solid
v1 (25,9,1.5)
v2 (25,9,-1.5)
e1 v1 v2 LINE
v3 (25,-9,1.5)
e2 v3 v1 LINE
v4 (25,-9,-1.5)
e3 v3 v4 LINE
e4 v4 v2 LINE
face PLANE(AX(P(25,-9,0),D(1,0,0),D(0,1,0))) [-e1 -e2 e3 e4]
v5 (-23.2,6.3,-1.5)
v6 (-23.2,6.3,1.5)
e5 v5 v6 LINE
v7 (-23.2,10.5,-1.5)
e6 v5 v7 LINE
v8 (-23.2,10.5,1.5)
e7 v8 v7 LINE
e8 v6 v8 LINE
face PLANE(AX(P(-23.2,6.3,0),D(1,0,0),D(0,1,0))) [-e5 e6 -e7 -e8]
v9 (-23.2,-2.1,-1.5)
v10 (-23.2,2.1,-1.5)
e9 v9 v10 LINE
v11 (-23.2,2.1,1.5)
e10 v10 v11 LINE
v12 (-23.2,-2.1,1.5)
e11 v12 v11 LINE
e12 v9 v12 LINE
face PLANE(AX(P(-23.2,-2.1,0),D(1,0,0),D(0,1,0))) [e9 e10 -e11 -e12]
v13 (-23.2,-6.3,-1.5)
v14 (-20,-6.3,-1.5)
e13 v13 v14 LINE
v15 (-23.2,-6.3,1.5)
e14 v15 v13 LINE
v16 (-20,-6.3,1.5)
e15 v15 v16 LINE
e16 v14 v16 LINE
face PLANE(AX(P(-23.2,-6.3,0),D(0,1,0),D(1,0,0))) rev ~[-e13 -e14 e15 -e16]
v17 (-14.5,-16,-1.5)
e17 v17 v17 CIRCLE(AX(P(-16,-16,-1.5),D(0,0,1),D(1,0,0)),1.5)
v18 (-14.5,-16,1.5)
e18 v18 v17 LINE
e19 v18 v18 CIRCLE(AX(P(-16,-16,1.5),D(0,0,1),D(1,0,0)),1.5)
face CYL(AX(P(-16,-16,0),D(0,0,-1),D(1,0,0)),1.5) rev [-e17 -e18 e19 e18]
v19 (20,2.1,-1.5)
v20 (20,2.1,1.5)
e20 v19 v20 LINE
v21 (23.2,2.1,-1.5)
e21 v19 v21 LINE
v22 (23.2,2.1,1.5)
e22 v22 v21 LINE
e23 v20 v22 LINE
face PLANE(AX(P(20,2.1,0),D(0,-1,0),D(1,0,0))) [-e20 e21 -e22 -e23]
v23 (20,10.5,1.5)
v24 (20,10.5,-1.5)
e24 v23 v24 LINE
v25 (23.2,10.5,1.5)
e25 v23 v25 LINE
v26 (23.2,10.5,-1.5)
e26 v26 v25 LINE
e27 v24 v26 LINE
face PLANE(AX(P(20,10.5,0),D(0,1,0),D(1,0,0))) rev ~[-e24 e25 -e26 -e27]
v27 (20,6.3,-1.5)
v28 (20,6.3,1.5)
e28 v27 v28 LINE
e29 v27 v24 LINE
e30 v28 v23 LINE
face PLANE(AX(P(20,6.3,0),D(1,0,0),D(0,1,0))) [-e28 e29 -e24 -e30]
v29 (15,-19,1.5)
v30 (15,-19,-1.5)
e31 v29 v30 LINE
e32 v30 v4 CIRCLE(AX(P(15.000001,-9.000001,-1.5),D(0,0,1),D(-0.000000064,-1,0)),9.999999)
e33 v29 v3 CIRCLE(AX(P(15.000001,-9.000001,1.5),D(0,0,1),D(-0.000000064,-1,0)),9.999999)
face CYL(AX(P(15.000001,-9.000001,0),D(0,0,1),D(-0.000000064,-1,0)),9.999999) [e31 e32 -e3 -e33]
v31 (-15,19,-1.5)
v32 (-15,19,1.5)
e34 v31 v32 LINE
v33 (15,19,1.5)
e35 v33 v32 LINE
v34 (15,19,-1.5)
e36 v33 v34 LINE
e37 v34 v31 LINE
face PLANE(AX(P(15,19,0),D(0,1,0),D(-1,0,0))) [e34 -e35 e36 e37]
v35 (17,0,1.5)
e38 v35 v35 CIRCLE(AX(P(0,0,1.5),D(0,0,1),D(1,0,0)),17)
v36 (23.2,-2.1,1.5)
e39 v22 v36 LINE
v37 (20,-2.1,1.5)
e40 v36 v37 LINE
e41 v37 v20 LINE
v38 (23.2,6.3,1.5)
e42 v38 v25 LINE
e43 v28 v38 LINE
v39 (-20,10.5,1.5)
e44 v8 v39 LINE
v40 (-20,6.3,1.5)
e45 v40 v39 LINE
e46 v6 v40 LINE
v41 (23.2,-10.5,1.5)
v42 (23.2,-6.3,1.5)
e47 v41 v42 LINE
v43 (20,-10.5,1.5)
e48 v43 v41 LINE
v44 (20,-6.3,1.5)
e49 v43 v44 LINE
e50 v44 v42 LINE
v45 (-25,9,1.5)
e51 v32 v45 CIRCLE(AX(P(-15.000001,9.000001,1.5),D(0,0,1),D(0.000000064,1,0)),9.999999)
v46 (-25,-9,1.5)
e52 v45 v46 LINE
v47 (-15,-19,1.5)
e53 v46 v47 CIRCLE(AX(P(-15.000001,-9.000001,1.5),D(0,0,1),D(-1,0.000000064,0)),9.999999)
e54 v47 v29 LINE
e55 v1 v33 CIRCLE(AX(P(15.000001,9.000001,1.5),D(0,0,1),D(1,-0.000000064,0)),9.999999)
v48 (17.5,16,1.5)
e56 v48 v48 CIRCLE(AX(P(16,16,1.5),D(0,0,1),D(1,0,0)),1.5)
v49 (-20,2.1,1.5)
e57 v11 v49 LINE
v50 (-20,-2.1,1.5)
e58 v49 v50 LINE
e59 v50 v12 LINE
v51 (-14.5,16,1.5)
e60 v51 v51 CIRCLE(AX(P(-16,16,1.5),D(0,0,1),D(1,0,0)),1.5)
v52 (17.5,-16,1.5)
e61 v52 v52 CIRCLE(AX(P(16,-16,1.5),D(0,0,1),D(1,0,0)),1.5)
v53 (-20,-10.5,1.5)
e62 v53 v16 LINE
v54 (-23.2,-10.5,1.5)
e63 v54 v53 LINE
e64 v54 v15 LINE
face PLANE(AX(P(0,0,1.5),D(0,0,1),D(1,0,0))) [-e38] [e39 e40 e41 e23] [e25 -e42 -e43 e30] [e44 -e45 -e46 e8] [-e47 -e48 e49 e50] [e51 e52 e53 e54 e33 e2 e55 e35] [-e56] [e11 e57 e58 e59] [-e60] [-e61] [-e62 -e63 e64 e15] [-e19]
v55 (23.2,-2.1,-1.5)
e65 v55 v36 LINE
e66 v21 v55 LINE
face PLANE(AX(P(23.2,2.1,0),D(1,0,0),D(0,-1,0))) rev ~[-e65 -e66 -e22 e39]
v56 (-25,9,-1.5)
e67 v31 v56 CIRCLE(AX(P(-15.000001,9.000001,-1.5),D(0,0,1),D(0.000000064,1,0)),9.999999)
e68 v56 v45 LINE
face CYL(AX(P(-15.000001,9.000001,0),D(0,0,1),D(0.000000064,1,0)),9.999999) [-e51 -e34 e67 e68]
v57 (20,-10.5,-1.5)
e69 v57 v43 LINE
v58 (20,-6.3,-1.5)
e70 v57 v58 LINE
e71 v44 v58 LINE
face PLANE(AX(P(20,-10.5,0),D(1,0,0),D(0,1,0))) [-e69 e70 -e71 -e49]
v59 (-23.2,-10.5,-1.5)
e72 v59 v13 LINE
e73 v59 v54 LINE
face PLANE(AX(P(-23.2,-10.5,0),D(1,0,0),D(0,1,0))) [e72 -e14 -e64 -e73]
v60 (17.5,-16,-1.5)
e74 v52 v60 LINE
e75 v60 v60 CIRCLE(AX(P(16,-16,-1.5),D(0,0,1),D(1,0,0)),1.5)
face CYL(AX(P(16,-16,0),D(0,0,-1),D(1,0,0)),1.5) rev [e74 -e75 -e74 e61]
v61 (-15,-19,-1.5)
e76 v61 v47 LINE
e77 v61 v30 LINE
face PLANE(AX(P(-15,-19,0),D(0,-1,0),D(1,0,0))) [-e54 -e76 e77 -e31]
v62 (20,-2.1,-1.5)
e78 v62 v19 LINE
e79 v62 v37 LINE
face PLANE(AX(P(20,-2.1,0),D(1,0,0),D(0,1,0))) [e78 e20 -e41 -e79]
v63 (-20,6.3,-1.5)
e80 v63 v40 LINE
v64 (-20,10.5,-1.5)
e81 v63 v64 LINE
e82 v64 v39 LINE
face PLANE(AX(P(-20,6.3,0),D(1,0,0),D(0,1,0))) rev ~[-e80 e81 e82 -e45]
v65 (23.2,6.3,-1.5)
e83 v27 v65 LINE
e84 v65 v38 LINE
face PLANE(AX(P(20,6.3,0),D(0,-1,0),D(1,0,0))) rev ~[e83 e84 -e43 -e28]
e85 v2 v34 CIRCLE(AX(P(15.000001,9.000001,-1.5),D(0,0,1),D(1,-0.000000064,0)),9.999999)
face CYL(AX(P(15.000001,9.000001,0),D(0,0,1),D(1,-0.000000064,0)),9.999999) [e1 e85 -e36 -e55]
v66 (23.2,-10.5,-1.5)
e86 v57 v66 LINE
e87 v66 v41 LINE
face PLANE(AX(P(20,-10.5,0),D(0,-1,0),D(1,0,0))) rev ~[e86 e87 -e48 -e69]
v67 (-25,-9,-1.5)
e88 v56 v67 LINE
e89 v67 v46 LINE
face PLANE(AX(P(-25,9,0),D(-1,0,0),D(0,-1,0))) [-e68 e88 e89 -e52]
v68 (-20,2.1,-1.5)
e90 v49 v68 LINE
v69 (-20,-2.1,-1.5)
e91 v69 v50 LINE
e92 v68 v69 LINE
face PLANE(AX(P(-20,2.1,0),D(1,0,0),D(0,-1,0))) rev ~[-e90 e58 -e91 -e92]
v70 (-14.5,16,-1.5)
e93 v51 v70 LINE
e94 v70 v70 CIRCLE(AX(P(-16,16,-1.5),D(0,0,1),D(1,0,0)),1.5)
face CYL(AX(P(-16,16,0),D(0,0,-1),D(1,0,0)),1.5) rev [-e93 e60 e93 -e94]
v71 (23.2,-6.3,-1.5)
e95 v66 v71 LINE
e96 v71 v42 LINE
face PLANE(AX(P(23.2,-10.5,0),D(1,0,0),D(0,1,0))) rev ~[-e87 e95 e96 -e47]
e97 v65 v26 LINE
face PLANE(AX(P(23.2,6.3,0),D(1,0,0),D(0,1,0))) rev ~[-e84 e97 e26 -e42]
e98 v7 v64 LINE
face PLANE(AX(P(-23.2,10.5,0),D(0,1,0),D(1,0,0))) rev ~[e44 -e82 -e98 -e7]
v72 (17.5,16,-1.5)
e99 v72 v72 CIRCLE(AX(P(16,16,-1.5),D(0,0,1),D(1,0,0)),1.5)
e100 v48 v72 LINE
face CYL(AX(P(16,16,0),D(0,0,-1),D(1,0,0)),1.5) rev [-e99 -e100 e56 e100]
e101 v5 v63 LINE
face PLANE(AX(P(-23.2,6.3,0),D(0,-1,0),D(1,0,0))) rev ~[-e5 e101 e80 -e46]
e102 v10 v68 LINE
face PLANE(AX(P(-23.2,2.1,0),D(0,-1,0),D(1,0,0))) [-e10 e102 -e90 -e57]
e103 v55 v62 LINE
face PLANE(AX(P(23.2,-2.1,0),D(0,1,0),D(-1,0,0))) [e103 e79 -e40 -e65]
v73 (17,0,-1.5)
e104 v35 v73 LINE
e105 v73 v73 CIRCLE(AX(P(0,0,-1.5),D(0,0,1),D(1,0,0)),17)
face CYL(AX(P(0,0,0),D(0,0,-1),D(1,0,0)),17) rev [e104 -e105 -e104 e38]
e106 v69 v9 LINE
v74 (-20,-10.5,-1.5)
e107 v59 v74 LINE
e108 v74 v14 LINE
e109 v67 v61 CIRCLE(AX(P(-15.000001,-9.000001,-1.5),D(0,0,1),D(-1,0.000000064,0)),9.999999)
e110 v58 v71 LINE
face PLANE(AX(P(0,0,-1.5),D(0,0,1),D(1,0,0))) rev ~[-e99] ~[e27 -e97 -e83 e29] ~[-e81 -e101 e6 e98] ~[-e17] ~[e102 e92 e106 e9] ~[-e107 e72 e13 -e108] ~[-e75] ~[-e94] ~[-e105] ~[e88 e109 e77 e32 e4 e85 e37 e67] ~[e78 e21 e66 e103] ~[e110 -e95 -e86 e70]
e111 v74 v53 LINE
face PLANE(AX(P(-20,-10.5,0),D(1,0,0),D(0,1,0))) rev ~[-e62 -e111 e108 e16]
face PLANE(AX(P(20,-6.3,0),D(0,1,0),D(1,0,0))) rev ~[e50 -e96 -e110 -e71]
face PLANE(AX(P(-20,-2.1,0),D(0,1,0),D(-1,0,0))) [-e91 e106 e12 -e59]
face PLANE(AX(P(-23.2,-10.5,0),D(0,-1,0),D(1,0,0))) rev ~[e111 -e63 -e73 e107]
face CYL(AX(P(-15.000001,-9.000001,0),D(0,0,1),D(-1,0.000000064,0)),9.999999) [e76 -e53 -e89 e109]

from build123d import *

# Parameters (mm, degrees)
F0_R     = 1.5
F0_W     = 3.2
F0_H     = 4.2
F0_R_2   = 17
F1_DEPTH = 1.5


with BuildPart() as f1:
    # F0 (on Top) → F1 (new body, symmetric)
    with BuildSketch(Plane.XY):
        with BuildLine():
            Line((15, 19), (-15, 19))
            ThreePointArc((-15, 19), (-22.071068, 16.071068), (-25, 9))
            Line((-25, 9), (-25, -9))
            ThreePointArc((-25, -9), (-22.071068, -16.071068), (-15, -19))
            Line((-15, -19), (15, -19))
            ThreePointArc((15, -19), (22.071068, -16.071068), (25, -9))
            Line((25, -9), (25, 9))
            ThreePointArc((25, 9), (22.071068, 16.071068), (15, 19))
        make_face()
        with Locations((-16, -16)):
            Circle(F0_R, mode=Mode.SUBTRACT)
        with Locations((-21.6, -8.4)):
            Rectangle(F0_W, F0_H, mode=Mode.SUBTRACT)
        with Locations((16, -16)):
            Circle(F0_R, mode=Mode.SUBTRACT)
        with Locations((21.6, -8.4)):
            Rectangle(F0_W, F0_H, mode=Mode.SUBTRACT)
        Polygon((-23.2, 0), (-23.2, 2.1), (-20, 2.1), (-20, -2.1), (-23.2, -2.1), align=None, mode=Mode.SUBTRACT)
        with Locations((-21.6, 8.4)):
            Rectangle(F0_W, F0_H, mode=Mode.SUBTRACT)
        with Locations((-16, 16)):
            Circle(F0_R, mode=Mode.SUBTRACT)
        Circle(F0_R_2, mode=Mode.SUBTRACT)
        Polygon((20, 2.1), (23.2, 2.1), (23.2, 0), (23.2, -2.1), (20, -2.1), align=None, mode=Mode.SUBTRACT)
        with Locations((21.6, 8.4)):
            Rectangle(F0_W, F0_H, mode=Mode.SUBTRACT)
        with Locations((16, 16)):
            Circle(F0_R, mode=Mode.SUBTRACT)
    extrude(amount=F1_DEPTH, both=True)


solid = f1.part
